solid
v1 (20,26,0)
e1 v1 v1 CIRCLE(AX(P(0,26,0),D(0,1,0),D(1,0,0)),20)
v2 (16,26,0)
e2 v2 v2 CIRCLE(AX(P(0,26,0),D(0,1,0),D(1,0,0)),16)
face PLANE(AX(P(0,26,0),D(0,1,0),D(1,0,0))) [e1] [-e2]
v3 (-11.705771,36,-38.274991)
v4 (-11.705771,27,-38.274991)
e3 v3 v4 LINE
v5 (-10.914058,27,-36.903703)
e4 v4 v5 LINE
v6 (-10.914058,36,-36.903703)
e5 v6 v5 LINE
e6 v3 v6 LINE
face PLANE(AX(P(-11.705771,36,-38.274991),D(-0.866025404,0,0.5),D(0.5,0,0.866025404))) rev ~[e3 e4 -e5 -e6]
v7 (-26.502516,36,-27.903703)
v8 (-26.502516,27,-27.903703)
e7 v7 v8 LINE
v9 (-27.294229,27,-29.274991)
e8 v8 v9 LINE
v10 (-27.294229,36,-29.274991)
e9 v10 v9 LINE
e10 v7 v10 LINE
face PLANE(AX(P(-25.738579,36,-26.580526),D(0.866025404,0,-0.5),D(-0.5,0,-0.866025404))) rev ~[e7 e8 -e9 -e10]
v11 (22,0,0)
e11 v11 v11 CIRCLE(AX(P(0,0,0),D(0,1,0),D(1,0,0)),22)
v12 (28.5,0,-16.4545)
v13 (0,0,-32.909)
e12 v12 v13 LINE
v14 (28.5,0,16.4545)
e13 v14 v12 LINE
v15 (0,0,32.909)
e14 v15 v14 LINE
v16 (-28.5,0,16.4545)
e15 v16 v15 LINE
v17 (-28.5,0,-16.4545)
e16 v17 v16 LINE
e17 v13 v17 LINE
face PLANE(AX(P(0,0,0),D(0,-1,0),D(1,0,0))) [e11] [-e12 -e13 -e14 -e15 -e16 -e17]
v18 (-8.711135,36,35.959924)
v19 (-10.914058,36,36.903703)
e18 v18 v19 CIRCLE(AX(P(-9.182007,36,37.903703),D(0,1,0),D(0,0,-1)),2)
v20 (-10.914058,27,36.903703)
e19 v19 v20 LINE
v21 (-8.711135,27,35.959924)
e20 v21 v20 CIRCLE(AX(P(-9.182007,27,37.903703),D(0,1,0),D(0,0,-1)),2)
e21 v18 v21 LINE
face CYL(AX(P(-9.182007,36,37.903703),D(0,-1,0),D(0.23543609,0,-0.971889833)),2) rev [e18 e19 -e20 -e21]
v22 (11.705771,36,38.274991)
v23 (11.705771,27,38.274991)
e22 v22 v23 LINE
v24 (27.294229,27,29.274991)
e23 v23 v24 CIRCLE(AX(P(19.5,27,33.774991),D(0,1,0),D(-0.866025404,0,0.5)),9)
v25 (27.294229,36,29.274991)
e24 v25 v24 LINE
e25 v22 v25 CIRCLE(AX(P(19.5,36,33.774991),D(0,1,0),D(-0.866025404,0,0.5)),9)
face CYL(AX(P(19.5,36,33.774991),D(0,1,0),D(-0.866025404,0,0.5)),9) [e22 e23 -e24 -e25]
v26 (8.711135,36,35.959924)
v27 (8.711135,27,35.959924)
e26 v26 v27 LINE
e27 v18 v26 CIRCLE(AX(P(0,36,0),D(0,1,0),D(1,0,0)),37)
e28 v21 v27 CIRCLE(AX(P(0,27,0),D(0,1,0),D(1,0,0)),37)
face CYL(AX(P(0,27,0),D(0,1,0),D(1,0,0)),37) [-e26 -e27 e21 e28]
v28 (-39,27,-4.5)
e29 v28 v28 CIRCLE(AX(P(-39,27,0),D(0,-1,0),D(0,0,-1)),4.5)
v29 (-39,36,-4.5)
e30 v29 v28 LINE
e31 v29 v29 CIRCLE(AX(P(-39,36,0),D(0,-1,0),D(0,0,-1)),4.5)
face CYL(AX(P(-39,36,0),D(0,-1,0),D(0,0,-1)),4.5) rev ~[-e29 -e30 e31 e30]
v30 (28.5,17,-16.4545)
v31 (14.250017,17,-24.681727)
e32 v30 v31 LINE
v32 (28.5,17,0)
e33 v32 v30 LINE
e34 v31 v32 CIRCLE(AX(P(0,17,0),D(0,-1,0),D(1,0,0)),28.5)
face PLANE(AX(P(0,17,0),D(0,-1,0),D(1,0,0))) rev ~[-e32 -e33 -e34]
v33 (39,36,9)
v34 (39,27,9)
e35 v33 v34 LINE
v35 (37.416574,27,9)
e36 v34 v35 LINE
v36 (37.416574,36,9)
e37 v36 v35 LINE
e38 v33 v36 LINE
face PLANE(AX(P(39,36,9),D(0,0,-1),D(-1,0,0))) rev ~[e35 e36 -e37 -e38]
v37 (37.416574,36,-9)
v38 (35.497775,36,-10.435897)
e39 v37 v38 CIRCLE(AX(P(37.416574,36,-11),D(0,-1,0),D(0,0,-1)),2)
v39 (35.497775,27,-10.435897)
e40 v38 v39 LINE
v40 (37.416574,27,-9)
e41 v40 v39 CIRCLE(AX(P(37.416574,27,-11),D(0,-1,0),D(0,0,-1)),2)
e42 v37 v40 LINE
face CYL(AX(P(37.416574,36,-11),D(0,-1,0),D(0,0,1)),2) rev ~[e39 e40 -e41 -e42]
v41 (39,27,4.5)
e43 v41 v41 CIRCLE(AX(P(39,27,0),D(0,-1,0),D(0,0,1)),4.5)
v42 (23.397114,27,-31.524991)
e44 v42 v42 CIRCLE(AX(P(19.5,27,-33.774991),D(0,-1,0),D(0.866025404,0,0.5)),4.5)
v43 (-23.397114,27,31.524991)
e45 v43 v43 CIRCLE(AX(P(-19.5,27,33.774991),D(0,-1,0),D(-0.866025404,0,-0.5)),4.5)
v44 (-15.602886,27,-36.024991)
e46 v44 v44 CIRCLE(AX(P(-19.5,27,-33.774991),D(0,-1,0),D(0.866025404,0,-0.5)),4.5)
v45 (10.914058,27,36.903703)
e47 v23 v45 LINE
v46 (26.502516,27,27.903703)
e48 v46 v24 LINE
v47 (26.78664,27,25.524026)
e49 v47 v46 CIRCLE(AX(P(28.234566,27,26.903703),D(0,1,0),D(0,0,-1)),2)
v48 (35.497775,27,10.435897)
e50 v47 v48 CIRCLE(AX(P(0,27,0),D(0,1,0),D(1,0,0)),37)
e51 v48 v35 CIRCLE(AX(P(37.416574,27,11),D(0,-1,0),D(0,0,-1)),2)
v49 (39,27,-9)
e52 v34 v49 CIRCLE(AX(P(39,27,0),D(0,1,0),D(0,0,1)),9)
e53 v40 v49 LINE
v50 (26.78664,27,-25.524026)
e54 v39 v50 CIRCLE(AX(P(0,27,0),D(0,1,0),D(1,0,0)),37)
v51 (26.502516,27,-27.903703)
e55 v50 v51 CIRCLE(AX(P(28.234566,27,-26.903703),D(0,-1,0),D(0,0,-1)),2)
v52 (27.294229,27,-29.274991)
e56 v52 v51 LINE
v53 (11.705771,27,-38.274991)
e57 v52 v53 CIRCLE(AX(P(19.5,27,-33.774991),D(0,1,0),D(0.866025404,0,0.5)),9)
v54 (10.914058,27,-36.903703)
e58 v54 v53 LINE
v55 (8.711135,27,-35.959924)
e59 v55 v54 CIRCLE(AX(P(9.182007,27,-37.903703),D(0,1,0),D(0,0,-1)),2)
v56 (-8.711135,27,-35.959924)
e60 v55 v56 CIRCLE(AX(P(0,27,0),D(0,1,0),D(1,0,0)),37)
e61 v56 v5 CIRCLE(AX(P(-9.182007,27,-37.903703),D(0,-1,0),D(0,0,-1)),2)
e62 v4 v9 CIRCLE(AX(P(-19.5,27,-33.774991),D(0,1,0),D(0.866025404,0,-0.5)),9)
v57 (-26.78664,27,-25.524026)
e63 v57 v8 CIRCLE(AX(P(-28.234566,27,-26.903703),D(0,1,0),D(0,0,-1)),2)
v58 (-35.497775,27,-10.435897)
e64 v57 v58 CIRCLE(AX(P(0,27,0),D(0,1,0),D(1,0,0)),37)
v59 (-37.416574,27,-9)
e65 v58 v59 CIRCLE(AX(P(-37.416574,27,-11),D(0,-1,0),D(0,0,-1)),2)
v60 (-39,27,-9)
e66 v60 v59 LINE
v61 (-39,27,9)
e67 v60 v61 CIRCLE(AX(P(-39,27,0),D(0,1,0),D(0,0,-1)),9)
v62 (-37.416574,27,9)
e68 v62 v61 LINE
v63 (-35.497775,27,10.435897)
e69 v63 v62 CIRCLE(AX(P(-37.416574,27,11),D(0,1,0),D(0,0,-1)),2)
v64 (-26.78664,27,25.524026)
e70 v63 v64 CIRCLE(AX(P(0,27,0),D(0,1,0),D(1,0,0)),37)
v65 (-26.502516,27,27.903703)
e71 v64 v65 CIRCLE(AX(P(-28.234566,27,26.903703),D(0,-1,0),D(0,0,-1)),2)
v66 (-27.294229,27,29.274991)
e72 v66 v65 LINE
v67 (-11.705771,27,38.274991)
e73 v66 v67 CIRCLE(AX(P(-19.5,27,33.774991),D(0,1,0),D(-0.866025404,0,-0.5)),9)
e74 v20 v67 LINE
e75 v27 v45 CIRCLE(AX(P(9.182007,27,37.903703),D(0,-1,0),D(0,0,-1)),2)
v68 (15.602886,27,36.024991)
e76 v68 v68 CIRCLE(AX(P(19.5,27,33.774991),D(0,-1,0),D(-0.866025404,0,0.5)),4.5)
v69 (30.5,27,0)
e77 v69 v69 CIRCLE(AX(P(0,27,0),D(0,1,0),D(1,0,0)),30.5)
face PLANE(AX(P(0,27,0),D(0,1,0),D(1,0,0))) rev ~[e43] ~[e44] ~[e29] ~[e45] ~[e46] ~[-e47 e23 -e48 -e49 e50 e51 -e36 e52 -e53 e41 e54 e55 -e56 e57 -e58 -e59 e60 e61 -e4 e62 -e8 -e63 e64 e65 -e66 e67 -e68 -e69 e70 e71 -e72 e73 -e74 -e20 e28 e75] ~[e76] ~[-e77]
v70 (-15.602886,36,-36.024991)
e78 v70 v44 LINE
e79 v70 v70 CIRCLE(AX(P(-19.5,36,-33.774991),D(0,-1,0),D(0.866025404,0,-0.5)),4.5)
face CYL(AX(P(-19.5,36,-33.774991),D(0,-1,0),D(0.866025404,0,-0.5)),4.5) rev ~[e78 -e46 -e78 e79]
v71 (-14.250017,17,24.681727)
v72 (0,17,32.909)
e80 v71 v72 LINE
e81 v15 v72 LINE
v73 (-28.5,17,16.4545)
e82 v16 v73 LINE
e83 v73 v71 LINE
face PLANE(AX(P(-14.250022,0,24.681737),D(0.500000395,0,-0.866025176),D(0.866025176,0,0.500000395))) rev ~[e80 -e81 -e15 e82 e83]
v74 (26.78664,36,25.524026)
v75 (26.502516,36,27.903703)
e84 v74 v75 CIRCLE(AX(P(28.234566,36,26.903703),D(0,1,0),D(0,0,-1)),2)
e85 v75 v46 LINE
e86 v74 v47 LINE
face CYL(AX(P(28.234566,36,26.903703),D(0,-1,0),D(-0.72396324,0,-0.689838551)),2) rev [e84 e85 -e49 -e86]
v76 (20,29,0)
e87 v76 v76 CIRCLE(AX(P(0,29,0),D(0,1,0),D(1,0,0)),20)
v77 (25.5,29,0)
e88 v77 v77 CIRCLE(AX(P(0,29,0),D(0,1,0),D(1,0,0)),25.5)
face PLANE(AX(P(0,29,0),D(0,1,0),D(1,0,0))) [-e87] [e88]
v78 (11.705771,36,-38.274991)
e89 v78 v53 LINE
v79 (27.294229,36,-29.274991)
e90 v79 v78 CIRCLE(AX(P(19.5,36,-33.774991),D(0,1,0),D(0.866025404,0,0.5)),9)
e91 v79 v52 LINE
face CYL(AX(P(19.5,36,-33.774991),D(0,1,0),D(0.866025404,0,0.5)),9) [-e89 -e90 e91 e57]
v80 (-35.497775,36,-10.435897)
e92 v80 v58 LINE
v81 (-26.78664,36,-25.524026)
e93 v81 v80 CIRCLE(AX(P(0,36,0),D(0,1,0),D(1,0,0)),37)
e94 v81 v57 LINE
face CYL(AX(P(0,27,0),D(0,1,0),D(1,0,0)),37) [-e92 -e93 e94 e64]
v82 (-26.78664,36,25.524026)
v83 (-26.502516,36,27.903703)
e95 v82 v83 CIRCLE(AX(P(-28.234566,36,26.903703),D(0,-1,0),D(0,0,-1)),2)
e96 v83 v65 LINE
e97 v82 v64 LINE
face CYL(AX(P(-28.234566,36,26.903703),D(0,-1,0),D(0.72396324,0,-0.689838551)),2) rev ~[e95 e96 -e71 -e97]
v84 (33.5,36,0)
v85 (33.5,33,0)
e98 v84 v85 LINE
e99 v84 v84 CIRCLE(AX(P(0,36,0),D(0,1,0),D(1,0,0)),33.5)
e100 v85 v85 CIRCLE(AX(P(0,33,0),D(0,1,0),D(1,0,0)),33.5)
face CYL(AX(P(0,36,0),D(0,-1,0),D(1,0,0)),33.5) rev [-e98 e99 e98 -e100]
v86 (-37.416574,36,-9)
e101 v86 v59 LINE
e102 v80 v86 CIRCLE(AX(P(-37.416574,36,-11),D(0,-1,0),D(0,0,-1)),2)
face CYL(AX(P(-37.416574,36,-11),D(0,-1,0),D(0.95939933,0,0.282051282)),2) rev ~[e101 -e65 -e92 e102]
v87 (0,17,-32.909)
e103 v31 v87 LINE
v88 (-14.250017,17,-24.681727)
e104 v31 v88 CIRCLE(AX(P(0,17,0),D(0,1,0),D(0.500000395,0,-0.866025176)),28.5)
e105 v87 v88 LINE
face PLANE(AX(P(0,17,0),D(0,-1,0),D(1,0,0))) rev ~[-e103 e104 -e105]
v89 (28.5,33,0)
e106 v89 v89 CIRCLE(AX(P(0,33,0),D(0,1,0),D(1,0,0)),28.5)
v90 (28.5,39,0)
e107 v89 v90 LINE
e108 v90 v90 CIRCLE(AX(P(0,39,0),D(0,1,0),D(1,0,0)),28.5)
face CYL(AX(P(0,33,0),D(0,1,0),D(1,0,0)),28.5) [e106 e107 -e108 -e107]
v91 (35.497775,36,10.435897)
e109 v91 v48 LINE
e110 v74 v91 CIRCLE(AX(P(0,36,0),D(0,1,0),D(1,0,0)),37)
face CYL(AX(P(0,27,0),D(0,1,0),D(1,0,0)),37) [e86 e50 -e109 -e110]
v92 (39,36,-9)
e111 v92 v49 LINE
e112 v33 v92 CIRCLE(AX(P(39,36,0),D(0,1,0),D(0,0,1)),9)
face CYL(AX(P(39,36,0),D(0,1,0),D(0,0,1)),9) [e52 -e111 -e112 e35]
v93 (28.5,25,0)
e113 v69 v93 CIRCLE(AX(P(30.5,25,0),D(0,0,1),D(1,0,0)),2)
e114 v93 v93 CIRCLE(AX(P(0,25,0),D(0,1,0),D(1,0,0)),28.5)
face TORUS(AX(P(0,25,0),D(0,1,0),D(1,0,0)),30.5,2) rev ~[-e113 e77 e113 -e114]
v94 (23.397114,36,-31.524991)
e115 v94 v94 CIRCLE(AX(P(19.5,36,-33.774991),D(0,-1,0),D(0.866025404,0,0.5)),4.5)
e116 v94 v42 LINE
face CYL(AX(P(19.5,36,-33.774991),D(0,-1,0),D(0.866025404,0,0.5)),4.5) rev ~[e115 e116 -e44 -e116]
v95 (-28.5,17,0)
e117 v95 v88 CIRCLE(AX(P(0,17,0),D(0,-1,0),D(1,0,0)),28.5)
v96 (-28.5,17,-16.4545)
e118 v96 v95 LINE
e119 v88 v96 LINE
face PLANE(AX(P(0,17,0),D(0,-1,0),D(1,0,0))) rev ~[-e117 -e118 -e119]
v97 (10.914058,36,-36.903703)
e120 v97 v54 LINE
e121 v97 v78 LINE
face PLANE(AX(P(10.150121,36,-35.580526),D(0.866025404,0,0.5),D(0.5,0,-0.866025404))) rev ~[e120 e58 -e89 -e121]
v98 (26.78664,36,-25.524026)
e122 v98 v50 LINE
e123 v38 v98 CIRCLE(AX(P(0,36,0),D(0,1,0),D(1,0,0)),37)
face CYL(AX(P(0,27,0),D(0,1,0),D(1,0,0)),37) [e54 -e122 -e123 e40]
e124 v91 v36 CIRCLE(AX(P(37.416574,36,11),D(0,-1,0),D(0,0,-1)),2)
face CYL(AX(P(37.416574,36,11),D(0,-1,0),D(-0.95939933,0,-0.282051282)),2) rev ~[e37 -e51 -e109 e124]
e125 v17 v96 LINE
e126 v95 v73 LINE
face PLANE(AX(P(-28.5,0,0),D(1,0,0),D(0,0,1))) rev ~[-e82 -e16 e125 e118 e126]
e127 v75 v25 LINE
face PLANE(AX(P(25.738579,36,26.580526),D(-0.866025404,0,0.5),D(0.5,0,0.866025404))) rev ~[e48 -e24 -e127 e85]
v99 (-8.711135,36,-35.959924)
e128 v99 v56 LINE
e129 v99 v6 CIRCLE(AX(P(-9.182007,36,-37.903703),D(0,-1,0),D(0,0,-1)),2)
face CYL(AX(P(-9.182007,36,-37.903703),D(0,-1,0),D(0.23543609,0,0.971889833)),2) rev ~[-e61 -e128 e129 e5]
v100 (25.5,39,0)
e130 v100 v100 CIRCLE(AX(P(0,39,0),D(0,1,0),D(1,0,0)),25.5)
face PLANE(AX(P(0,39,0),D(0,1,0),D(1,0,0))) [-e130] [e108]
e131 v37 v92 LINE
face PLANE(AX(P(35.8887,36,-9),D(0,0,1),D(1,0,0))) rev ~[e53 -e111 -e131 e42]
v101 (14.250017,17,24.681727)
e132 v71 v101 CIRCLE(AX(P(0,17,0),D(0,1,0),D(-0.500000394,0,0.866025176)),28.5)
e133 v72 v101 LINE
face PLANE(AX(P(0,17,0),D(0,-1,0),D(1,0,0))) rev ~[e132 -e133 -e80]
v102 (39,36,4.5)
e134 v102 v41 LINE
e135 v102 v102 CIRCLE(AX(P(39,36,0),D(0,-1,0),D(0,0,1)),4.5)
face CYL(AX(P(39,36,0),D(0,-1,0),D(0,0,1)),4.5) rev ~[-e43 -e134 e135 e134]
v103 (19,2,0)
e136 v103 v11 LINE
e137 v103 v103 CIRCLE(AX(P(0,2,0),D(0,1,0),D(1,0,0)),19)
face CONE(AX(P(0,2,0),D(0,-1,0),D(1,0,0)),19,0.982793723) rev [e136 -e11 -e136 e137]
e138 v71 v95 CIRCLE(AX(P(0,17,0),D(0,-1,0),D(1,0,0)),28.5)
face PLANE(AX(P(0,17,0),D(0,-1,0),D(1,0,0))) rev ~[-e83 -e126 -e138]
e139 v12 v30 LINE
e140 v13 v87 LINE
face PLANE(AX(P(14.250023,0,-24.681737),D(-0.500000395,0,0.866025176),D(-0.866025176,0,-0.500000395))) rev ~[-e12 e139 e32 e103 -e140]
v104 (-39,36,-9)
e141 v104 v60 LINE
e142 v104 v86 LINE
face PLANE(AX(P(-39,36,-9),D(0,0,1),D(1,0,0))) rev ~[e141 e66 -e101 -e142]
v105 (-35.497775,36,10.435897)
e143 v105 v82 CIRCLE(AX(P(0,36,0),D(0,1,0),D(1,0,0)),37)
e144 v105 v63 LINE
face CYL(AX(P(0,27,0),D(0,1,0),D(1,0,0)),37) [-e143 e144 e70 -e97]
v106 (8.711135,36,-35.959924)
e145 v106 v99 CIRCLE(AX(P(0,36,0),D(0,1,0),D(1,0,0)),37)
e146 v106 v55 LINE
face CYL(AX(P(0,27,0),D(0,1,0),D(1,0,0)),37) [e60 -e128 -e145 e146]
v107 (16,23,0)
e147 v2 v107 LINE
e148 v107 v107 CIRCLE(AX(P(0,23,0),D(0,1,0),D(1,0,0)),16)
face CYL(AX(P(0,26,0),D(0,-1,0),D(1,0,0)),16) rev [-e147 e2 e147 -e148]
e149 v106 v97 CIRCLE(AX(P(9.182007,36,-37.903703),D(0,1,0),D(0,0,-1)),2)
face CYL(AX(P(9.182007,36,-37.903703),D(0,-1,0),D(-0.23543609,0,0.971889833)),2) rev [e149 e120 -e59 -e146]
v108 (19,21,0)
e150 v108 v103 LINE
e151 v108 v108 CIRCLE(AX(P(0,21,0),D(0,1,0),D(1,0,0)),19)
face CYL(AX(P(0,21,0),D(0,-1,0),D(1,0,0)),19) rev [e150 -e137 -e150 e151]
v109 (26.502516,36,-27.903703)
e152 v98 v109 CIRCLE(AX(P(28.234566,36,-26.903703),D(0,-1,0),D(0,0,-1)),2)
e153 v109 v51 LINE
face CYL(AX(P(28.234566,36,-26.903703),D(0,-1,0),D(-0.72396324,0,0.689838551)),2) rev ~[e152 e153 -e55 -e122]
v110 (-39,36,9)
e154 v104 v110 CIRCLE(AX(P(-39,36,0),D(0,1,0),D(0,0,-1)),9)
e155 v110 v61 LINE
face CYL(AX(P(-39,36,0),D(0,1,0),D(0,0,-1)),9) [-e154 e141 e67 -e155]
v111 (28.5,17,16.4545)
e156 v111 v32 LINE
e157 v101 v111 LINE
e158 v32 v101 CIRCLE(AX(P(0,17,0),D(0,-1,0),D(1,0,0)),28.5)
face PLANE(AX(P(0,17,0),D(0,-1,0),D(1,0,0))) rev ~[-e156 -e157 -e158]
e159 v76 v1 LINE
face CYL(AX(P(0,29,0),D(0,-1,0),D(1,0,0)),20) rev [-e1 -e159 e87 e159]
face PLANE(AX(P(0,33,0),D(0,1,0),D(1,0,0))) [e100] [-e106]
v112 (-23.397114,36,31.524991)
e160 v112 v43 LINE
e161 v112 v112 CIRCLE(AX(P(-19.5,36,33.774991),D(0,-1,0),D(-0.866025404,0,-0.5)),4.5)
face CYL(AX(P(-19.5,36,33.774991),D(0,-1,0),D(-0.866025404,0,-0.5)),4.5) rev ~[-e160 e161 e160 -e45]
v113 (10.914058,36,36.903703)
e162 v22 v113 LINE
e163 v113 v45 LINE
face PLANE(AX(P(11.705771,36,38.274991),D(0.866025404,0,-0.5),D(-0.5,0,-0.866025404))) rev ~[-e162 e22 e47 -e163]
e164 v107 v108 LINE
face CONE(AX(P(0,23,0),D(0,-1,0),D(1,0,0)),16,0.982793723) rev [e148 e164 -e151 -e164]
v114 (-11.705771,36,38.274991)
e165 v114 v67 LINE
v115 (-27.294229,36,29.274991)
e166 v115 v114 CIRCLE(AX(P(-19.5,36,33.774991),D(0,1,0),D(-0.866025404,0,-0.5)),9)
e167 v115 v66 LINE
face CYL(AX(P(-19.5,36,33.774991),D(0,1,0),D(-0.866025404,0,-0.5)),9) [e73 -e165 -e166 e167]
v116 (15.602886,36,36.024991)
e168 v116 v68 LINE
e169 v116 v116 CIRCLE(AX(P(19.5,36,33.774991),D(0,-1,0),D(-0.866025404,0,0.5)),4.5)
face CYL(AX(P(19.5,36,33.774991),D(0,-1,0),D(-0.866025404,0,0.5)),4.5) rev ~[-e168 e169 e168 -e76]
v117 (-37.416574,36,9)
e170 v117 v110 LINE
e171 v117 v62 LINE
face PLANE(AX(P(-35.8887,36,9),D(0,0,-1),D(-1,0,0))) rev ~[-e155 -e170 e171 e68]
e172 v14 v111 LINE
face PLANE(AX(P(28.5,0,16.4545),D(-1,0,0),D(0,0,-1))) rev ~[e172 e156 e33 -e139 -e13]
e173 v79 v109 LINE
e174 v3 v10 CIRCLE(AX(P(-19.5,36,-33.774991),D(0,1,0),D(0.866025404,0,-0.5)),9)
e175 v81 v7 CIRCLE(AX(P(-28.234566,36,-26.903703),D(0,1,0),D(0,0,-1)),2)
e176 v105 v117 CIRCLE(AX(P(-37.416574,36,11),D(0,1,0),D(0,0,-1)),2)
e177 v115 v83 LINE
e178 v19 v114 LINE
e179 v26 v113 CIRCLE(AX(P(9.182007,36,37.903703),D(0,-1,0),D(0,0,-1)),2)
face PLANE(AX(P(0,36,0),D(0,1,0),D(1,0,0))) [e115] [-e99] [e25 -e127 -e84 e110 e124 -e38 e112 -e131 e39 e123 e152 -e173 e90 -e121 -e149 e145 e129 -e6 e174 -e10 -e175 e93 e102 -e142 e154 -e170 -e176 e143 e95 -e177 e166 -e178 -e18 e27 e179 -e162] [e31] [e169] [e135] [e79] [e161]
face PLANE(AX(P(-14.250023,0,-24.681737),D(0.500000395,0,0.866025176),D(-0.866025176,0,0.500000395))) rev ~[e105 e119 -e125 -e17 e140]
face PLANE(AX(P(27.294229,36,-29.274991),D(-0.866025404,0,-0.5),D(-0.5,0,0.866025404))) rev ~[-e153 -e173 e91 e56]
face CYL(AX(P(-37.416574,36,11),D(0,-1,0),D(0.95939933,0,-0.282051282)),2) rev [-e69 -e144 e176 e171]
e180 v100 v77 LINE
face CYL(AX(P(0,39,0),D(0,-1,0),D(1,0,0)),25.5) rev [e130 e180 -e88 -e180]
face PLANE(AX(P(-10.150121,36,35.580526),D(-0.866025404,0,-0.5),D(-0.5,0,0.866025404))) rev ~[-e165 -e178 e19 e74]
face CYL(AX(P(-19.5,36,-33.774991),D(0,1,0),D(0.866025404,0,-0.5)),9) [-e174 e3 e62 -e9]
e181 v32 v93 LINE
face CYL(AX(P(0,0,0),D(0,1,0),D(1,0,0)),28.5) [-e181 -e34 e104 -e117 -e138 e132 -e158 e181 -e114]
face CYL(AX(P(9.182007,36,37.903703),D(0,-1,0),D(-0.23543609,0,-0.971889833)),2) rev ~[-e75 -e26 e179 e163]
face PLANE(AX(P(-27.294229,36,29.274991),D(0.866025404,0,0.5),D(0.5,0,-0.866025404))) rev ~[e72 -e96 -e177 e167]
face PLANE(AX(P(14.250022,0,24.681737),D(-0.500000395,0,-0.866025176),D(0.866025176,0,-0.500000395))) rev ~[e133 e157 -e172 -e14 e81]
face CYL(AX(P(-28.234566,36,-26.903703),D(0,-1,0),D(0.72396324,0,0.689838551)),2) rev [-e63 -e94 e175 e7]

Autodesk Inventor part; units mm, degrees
ref_plane "YZ Plane" through (0, 0, 0) normal (1, 0, 0) x (0, 1, 0)
ref_plane "XZ Plane" through (0, 0, 0) normal (0, 1, 0) x (-1, 0, 0)
ref_plane "XY Plane" through (0, 0, 0) normal (0, 0, 1) x (1, 0, 0)
sketch "Sketch1" plane through (0, 0, 0) normal (0, 0, 1) x (1, 0, 0)
  line L0 (-3.9, 0) -> (50.7, 0) projected
  line L1 (0, -3.9) -> (0, 50.7) projected
  line L2 (28.5, 0) -> (28.5, 27)
  line L3 (28.5, 27) -> (37, 27)
  line L4 (37, 27) -> (37, 36)
  line L5 (37, 36) -> (33.5, 36)
  line L6 (33.5, 36) -> (33.5, 33)
  line L7 (33.5, 33) -> (28.5, 33)
  line L8 (28.5, 33) -> (28.5, 39)
  line L9 (28.5, 39) -> (25.5, 39)
  line L10 (25.5, 39) -> (25.5, 29)
  line L11 (25.5, 29) -> (20, 29)
  line L12 (20, 29) -> (20, 26)
  line L13 (20, 26) -> (16, 26)
  line L14 (16, 26) -> (16, 23)
  line L15 (16, 23) -> (19, 21)
  line L16 (19, 21) -> (19, 2)
  line L17 (19, 2) -> (22, 0)
  line L18 (22, 0) -> (28.5, 0)
  dimension "d0" = 3
  dimension "d1" = 32
  dimension "d2" = 38
  dimension "d3" = 57
  dimension "d4" = 40
  dimension "d5" = 51
  dimension "d6" = 57
  dimension "d7" = 74
  dimension "d8" = 5
  dimension "d9" = 2
  dimension "d10" = 21
  dimension "d11" = 23
  dimension "d12" = 26
  dimension "d13" = 29
  dimension "d14" = 27
  dimension "d15" = 33
  dimension "d16" = 36
  dimension "d17" = 39
revolve "Revolution1" add sketch "Sketch1" angle 360 about axis through (0, -10, 0) along (0, 1, 0)
fillet "Fillet1" radius 2 1 edges at (-28.5, 27, 0)
sketch "Sketch2" plane through (0, 0, 0) normal (0, -1, 0) x (1, 0, 0)
  circle A0 centre (0, 0) radius 28.5 projected
  line L0 (-44.4, 0) -> (59.2, 0) projected
  line L1 (0, -44.4) -> (0, 59.2) projected
  line L2 (0, 32.909) -> (28.5, 16.4545)
  line L3 (28.5, 16.4545) -> (28.5, -16.4545)
  line L4 (28.5, -16.4545) -> (0, -32.909)
  line L5 (0, -32.909) -> (-28.5, -16.4545)
  line L6 (-28.5, -16.4545) -> (-28.5, 16.4545)
  line L7 (-28.5, 16.4545) -> (0, 32.909)
extrude "Extrusion1" add sketch "Sketch2" against normal blind 17 contours L3 L4 A0 | A0 L2 L3 | A0 L1 L2 | L4 L1 A0 | A0 L7 L1 | L1 L5 A0 | L6 L7 A0 | A0 L5 L6
thread "Thread1" size "M39x2" class "6H" standard "ANSI Metric M Profile" full length
sketch "Sketch3" plane through (0, 36, 0) normal (0, 1, 0) x (1, 0, 0)
  circle A0 centre (0, 0) radius 37 projected
  line L0 (-59.2, 0) -> (44.4, 0) projected
  line L1 (0, 44.4) -> (0, -59.2) projected
  line L2 (35.8887, 9) -> (39, 9)
  arc A1 (39, -9) -> (39, 9) centre (39, 0) ccw
  line L3 (39, -9) -> (35.8887, -9)
  dimension "d24" = 9
  dimension "d25" = 78
extrude "Extrusion2" add sketch "Sketch3" against normal blind 9 contours A0 L2 A1 L3
fillet "Fillet2" radius 2 2 edges at (35.8887, 31.5, 9) (35.8887, 31.5, -9)
sketch "Sketch4" plane through (39, 36, 0) normal (0, 1, 0) x (1, 0, 0)
  arc A0 (0, -9) -> (0, 9) centre (0, 0) ccw projected
hole "Hole1" at (39, 36, 0) direction (0, -1, 0) diameter 9 end through all
pattern_circular "Circular Pattern1" count 6 over 360 about axis through (0, 11.5, 0) along (0, -1, 0) of "Extrusion2", "Fillet2", "Hole1"
properties part number "Body Cap" material "Bronze, Soft Tin"
